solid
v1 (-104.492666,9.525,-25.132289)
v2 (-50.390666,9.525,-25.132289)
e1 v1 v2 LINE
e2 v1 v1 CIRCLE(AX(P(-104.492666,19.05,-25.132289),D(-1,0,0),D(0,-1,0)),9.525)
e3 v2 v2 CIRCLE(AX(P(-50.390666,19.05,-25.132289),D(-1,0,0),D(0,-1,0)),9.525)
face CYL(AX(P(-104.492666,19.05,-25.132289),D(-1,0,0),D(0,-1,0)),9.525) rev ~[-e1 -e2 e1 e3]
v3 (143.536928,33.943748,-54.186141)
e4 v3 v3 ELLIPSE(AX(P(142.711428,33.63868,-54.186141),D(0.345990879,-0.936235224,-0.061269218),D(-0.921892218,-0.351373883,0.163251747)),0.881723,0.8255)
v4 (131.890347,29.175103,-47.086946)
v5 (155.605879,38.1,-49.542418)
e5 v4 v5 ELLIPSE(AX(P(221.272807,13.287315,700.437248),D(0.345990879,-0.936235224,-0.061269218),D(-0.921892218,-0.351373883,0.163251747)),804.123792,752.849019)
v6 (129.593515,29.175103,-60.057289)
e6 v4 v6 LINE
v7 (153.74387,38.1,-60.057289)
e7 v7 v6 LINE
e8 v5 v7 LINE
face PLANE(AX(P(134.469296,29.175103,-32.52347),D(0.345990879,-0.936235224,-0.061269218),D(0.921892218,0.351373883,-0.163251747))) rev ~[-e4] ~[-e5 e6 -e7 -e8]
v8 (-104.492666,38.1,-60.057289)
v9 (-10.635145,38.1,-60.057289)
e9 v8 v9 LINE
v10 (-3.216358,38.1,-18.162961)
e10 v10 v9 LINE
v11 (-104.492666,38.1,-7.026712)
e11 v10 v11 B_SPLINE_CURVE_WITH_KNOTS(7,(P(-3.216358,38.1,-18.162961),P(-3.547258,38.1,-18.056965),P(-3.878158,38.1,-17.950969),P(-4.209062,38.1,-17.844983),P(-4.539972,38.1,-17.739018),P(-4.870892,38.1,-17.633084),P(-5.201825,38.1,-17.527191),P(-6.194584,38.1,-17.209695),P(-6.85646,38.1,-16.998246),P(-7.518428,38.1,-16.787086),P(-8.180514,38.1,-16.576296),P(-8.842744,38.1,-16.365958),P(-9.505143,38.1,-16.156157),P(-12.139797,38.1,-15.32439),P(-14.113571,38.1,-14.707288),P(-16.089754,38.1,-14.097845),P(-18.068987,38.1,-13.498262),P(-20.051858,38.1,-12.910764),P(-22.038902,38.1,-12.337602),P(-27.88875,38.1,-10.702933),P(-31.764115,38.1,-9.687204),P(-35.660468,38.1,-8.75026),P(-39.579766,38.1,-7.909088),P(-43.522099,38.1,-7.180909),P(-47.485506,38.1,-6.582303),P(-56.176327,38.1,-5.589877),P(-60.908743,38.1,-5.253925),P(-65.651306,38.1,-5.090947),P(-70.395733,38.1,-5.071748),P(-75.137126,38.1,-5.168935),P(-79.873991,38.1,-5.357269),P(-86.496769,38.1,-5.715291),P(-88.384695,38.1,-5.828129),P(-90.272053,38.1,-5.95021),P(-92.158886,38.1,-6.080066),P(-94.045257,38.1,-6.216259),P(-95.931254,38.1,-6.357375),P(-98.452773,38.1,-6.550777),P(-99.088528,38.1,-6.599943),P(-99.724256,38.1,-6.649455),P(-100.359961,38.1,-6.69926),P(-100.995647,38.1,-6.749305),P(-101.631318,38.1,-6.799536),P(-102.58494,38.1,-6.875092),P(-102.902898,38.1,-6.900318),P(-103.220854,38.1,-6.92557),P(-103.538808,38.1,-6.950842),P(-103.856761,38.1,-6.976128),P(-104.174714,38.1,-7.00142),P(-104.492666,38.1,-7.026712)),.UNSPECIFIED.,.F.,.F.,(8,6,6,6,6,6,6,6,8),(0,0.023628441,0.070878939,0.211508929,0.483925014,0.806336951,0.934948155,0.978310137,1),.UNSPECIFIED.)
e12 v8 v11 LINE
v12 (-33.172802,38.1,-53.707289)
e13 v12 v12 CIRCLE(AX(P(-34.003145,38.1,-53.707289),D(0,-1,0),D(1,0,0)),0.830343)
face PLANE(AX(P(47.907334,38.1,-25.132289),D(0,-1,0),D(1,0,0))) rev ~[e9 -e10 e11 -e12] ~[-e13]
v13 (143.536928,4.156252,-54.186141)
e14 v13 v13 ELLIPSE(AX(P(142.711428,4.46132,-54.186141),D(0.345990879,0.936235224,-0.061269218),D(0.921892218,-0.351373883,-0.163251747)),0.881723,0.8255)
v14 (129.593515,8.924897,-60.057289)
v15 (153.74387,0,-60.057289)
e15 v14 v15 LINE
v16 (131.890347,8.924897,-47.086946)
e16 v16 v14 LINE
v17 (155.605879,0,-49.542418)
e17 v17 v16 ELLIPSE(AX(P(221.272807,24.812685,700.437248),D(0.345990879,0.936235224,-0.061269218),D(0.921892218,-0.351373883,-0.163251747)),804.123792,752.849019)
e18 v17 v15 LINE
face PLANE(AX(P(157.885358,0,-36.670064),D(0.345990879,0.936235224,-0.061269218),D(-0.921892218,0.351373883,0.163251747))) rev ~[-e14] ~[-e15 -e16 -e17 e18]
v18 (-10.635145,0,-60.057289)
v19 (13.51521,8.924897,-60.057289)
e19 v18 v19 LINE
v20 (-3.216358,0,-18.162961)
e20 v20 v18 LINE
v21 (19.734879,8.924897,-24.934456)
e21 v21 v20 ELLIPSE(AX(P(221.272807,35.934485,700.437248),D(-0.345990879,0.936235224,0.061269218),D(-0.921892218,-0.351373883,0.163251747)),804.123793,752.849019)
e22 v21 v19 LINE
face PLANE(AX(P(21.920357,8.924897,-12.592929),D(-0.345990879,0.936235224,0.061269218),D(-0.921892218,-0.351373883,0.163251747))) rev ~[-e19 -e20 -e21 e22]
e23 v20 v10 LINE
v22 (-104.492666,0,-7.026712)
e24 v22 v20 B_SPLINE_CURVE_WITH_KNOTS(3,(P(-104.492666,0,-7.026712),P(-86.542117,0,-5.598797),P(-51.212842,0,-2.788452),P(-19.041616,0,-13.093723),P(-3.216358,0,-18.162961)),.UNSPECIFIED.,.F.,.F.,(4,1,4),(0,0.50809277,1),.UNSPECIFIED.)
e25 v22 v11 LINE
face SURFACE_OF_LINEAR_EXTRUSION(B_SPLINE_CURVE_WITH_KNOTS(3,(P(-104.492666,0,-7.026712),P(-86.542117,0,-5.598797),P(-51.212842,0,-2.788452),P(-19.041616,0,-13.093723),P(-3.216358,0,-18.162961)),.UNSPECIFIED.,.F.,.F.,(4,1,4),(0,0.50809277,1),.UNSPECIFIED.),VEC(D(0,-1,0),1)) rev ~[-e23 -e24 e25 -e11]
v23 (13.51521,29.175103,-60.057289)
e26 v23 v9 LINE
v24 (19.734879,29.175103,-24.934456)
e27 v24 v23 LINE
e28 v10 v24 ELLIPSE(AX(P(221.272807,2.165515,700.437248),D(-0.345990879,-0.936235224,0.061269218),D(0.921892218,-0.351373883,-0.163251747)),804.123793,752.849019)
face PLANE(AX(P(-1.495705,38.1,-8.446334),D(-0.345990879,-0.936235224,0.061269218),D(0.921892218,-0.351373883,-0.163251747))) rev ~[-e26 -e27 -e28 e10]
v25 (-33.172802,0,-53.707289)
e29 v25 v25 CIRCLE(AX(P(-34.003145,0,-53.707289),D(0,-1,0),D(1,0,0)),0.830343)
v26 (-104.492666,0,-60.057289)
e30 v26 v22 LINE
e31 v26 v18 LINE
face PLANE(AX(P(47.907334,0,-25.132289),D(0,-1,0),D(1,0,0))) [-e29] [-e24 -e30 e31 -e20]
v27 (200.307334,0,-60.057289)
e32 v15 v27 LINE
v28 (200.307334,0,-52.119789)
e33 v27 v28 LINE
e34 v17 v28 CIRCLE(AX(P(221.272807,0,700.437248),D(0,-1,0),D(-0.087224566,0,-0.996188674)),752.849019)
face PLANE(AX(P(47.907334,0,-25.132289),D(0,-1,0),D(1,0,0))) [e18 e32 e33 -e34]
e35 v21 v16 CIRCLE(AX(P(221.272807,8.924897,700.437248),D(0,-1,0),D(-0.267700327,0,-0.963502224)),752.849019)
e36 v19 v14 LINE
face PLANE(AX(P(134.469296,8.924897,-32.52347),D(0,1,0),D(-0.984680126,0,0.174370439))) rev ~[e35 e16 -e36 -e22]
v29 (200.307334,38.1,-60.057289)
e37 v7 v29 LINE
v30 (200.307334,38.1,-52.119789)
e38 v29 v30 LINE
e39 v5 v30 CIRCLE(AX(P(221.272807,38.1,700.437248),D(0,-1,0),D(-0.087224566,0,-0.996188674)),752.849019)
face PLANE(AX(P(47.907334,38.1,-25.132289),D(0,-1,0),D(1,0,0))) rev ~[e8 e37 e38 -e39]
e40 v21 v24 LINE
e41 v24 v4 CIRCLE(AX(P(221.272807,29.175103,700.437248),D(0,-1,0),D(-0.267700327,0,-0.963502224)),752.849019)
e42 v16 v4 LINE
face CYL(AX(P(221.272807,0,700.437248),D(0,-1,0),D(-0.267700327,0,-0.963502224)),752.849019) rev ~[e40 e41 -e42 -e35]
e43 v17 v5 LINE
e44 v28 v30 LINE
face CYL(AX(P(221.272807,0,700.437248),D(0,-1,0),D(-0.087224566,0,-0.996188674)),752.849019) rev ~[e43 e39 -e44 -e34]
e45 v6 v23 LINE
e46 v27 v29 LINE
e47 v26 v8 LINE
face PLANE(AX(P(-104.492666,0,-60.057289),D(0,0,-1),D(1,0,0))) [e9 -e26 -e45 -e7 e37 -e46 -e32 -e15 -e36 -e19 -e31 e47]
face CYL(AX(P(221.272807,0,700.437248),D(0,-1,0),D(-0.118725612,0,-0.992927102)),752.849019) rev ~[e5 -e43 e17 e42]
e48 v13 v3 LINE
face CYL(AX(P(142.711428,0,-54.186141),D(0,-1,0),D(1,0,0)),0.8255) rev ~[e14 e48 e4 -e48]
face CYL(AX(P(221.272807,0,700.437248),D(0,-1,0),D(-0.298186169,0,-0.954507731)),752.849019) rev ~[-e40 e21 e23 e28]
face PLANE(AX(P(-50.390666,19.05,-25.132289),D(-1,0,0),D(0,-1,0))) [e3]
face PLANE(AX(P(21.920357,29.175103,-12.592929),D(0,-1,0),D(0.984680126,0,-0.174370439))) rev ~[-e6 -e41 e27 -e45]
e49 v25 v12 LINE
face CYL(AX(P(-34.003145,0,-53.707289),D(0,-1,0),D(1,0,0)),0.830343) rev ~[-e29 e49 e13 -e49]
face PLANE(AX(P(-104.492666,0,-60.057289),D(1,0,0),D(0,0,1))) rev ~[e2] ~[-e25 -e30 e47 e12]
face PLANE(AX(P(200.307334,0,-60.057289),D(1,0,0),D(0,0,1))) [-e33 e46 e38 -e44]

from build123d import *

# Parameters (mm, degrees)
F0_W      = 304.8
F0_H      = 69.85
F1_DEPTH  = 38.1
F3_DEPTH  = 50.8
F4_R      = 9.525
F5_DEPTH  = 54.102
F7_DEPTH  = 127
F10_DEPTH = 76.2
F11_R     = 0.8255
F12_DEPTH = 76.2
F13_R     = 0.8303429156
F14_DEPTH = 76.2


with BuildPart() as f1:
    # F0 (on Front) → F1 (new body)
    with BuildSketch(Plane.XZ):
        with Locations((47.9073338211, -25.1322889625)):
            Rectangle(F0_W, F0_H)
    extrude(amount=-F1_DEPTH)

    # F2 (on face) → F3 (cut)
    with BuildSketch(Plane.XZ):
        Polygon((200.3073338211, 9.7927110375), (-104.4926661789, 9.7927110375), (200.3073338211, -44.1822889625), align=None)
    extrude(amount=-F3_DEPTH, mode=Mode.SUBTRACT)

    # F4 (on face) → F5 (cut)
    with BuildSketch(Plane(origin=(-104.4926661789, 0, 0), x_dir=(0, -1, 0), z_dir=(-1, 0, 0))):
        with Locations((-19.05, -25.1322889625)):
            Circle(F4_R)
    extrude(amount=-F5_DEPTH, mode=Mode.SUBTRACT)

    # F6 (on face) → F7 (cut)
    with BuildSketch(Plane(origin=(-1.4957050092, 0, -8.4463341696), x_dir=(0.9846801257, 0, -0.1743704389), z_dir=(0.1743704389, 0, 0.9846801257))):
        Polygon((161.8607493793, 38.1), (0, 38.1), (23.7803746896, 29.1751033832), (138.0803746896, 29.1751033832), align=None)
        Polygon((23.7803746896, 8.9248966168), (0, 0), (161.8607493793, 0), (138.0803746896, 8.9248966168), align=None)
    extrude(amount=-F7_DEPTH, mode=Mode.SUBTRACT)

    # F8 (on face) + F9 (on Front) → F10 (cut)
    with BuildSketch(Plane.XZ):
        with BuildLine():
            Line((-104.4926661789, 9.7927110375), (-104.4926661789, -7.0267124102))
            add(Edge.make_bspline(
                [(-104.4926661789, -7.0267124102), (-86.5421169112, -5.598796544), (-51.2128417473, -2.7884517576), (-19.0416161066, -13.0937231046), (-3.2163576046, -18.1629605909)],
                knots=[0, 0, 0, 0, 0.5080927696, 1, 1, 1, 1], degree=3))
            Line((-3.2163576046, -18.1629605909), (-1.4957050092, -8.4463341696))
            Line((-1.4957050092, -8.4463341696), (-104.4926661789, 9.7927110375))
        make_face()
    with BuildSketch(Plane.XZ):
        with BuildLine():
            ThreePointArc((-3.2163576046, -18.1629605909), (8.2323547856, -21.6399019905), (19.734878598, -24.9344555011))
            Line((19.734878598, -24.9344555011), (21.9203573303, -12.5929285423))
            Line((21.9203573303, -12.5929285423), (-1.4957050092, -8.4463341696))
            Line((-1.4957050092, -8.4463341696), (-3.2163576046, -18.1629605909))
        make_face()
        with BuildLine():
            Line((157.8853580419, -36.6700640849), (155.6058786995, -49.5424180184))
            ThreePointArc((155.6058786995, -49.5424180184), (177.93744088, -51.1635043768), (200.3073338211, -52.1197889625))
            Line((200.3073338211, -52.1197889625), (200.3073338211, -44.1822889625))
            Line((200.3073338211, -44.1822889625), (157.8853580419, -36.6700640849))
        make_face()
        with BuildLine():
            Line((134.4692957023, -32.5234697123), (131.8903467665, -47.086946056))
            ThreePointArc((131.8903467665, -47.086946056), (143.7383916941, -48.4085701416), (155.6058786995, -49.5424180184))
            Line((155.6058786995, -49.5424180184), (157.8853580419, -36.6700640849))
            Line((157.8853580419, -36.6700640849), (134.4692957023, -32.5234697123))
        make_face()
        with BuildLine():
            Line((21.9203573303, -12.5929285423), (19.734878598, -24.9344555011))
            ThreePointArc((19.734878598, -24.9344555011), (75.3915150532, -38.1426688122), (131.8903467665, -47.086946056))
            Line((131.8903467665, -47.086946056), (134.4692957023, -32.5234697123))
            Line((134.4692957023, -32.5234697123), (21.9203573303, -12.5929285423))
        make_face()
    extrude(amount=-F10_DEPTH, mode=Mode.SUBTRACT)

    # F11 (on Front) → F12 (cut)
    with BuildSketch(Plane.XZ):
        with Locations((142.7114277425, -54.1861406792)):
            Circle(F11_R)
    extrude(amount=-F12_DEPTH, mode=Mode.SUBTRACT)

    # F13 (on Front) → F14 (cut)
    with BuildSketch(Plane.XZ):
        with Locations((-34.0031449204, -53.7072889625)):
            Circle(F13_R)
    extrude(amount=-F14_DEPTH, mode=Mode.SUBTRACT)


solid = f1.part
